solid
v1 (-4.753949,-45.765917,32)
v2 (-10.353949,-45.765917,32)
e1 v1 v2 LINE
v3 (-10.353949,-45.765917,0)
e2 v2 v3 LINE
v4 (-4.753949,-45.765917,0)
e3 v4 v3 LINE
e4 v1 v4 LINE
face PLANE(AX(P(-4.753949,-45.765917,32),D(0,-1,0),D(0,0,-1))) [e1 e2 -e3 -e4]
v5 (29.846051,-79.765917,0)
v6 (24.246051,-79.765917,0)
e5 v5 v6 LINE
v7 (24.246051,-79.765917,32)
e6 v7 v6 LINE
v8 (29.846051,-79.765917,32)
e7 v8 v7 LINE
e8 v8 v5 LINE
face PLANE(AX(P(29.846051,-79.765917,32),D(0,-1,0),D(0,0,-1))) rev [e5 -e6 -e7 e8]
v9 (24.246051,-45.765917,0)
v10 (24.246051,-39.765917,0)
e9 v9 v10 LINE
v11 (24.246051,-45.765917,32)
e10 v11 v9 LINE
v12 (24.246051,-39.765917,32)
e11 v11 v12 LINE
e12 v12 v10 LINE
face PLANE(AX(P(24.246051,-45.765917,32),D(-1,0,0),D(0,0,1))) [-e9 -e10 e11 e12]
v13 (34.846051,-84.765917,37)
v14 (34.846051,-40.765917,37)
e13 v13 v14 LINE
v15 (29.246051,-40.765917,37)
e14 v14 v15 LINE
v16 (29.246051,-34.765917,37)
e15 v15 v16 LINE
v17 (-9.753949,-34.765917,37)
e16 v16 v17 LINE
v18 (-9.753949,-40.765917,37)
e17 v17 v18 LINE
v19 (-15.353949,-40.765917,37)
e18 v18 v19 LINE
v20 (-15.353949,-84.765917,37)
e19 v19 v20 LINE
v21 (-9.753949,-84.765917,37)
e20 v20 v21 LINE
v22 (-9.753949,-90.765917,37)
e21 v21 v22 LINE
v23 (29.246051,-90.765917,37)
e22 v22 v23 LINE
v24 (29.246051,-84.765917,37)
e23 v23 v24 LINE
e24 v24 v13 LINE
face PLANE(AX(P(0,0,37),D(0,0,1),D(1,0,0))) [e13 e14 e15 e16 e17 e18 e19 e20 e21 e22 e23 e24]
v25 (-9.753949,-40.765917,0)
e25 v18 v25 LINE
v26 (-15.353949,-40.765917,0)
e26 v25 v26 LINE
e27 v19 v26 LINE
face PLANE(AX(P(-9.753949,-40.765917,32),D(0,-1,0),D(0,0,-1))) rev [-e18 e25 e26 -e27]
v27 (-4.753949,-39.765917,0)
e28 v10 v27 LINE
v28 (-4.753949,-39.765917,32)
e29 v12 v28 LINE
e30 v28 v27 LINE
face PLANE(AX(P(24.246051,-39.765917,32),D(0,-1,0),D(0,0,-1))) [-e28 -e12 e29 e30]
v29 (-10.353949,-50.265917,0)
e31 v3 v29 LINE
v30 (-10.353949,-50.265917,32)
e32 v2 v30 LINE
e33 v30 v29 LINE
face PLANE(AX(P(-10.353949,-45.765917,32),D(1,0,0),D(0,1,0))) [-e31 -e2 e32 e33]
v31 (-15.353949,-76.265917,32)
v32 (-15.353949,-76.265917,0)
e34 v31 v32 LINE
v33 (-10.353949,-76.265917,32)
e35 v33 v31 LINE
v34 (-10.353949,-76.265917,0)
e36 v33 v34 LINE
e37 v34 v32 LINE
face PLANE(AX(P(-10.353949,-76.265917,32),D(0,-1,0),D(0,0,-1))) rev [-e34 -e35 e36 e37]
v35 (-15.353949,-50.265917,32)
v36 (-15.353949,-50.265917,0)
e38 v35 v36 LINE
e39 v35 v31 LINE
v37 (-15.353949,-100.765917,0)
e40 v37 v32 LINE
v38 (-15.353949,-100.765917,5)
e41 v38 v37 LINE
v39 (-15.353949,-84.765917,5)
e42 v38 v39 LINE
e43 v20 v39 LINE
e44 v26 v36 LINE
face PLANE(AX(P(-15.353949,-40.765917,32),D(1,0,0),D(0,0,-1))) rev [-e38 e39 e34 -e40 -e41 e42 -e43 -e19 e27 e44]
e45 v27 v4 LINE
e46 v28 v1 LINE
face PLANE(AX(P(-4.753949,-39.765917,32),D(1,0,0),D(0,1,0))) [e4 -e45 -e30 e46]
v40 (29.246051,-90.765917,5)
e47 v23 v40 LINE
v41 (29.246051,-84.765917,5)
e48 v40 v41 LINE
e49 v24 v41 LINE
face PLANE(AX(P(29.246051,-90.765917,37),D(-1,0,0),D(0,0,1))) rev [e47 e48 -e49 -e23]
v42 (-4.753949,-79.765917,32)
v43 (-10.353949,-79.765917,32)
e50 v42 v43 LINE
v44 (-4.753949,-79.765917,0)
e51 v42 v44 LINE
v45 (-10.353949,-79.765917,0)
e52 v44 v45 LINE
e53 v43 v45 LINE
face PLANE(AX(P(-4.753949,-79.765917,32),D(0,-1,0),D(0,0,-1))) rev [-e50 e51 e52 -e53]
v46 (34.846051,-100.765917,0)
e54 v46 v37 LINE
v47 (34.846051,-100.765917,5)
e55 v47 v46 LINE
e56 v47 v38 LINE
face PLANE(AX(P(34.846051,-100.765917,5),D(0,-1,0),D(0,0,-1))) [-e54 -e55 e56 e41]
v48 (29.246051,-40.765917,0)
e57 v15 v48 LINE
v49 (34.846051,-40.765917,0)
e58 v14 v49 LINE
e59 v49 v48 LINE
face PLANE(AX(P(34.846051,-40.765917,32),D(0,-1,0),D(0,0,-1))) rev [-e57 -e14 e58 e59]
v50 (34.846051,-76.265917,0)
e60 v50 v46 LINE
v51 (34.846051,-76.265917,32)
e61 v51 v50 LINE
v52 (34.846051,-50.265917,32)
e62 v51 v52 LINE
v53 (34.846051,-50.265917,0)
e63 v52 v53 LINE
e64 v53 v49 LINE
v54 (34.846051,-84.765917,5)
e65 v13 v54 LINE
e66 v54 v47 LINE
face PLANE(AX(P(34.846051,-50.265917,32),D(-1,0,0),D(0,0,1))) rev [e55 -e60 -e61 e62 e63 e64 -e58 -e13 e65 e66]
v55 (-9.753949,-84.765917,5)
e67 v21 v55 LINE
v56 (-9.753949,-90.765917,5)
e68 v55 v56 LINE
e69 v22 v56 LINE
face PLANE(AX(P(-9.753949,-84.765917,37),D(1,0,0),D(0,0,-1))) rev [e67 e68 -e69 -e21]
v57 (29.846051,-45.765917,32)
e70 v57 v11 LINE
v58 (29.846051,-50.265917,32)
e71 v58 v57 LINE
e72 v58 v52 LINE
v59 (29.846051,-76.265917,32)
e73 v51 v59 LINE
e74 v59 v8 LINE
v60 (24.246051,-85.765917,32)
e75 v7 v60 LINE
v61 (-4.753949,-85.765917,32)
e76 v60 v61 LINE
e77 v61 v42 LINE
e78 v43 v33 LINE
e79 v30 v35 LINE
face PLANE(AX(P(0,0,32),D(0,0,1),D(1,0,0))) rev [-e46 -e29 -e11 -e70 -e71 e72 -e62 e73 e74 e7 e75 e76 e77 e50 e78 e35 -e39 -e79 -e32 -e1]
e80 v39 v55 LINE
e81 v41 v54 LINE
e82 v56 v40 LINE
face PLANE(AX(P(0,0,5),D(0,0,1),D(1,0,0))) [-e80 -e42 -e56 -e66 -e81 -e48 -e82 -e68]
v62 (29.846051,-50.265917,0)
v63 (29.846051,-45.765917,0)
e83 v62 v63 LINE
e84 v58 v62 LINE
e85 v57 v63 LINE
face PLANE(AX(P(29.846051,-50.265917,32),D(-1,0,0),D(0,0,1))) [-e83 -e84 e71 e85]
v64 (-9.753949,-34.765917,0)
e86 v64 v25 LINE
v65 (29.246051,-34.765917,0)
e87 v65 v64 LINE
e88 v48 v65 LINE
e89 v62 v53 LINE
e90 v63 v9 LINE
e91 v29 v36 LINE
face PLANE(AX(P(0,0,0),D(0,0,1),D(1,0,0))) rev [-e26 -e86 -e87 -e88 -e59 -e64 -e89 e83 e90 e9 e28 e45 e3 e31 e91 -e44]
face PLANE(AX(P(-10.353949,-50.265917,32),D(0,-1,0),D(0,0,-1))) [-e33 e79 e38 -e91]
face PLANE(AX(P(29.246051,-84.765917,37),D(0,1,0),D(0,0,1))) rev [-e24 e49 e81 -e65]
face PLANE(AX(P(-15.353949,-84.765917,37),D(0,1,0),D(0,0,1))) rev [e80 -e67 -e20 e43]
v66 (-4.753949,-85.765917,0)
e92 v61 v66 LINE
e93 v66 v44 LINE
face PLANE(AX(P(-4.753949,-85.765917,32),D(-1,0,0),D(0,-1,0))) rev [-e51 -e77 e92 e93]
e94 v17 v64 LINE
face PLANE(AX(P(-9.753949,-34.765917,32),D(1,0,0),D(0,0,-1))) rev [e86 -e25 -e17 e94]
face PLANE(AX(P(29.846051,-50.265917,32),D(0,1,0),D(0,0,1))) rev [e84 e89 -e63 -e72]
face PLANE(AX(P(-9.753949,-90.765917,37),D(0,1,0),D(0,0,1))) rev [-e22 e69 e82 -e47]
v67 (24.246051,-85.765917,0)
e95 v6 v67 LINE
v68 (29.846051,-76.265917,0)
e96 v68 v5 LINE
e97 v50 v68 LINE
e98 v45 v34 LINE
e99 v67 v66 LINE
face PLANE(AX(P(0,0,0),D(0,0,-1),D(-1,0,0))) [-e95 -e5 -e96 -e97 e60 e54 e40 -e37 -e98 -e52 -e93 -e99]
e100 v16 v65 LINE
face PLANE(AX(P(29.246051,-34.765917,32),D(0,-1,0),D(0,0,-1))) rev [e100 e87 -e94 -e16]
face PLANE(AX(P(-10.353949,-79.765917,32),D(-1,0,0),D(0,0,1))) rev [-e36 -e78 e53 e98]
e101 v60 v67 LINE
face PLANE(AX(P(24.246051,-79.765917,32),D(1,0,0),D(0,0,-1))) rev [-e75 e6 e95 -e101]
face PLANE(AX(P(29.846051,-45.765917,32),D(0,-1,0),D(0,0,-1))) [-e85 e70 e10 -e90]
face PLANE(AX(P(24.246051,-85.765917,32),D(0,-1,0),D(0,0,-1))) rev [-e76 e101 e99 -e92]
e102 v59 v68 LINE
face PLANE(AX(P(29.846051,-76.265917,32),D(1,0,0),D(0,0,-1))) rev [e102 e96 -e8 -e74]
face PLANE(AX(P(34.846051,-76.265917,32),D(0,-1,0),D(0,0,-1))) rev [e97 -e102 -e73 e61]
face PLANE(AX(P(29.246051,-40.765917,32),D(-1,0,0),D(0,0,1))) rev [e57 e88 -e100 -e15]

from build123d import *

# Parameters (mm, degrees)
BOSS_EXTRUDE1_DEPTH   = 32
BOSS_EXTRUDE1_2_DEPTH = 32
BOSS_EXTRUDE2_DEPTH   = 5
BOSS_EXTRUDE3_DEPTH   = 5


with BuildPart() as part:
    # Sketch1 → Boss-Extrude1 (new body)
    with BuildSketch(Plane(origin=(0, 0, 0), x_dir=(-1, 0, 0), z_dir=(0, 0, 1))):
        Polygon((-29.846050857, 76.265916966), (-29.846050857, 79.765916966), (-24.246050857, 79.765916966), (-24.246050857, 85.765916966), (4.753949143, 85.765916966), (4.753949143, 79.765916966), (10.353949143, 79.765916966), (10.353949143, 76.265916966), (15.353949143, 76.265916966), (15.353949143, 84.765916966), (9.753949143, 84.765916966), (9.753949143, 90.765916966), (-29.246050857, 90.765916966), (-29.246050857, 84.765916966), (-34.846050857, 84.765916966), (-34.846050857, 76.265916966), align=None)
    extrude(amount=BOSS_EXTRUDE1_DEPTH)



with BuildPart() as body_2:
    # Sketch1 → Boss-Extrude1 2 (new body)
    with BuildSketch(Plane(origin=(0, 0, 0), x_dir=(-1, 0, 0), z_dir=(0, 0, 1))):
        Polygon((-29.846050857, 50.265916966), (-29.846050857, 45.765916966), (-24.246050857, 45.765916966), (-24.246050857, 39.765916966), (4.753949143, 39.765916966), (4.753949143, 45.765916966), (10.353949143, 45.765916966), (10.353949143, 50.265916966), (15.353949143, 50.265916966), (15.353949143, 40.765916966), (9.753949143, 40.765916966), (9.753949143, 34.765916966), (-29.246050857, 34.765916966), (-29.246050857, 40.765916966), (-34.846050857, 40.765916966), (-34.846050857, 50.265916966), align=None)
    extrude(amount=BOSS_EXTRUDE1_2_DEPTH)


with BuildPart() as part_1:
    add(part.part)

    add(body_2.part)  # Boss-Extrude2 merges body 2
    # Sketch2 → Boss-Extrude2 (add)
    with BuildSketch(Plane.XY.offset(32)):
        Polygon((-9.753949143, -34.765916966), (-9.753949143, -40.765916966), (-15.353949143, -40.765916966), (-15.353949143, -84.765916966), (-9.753949143, -84.765916966), (-9.753949143, -90.765916966), (29.246050857, -90.765916966), (29.246050857, -84.765916966), (34.846050857, -84.765916966), (34.846050857, -40.765916966), (29.246050857, -40.765916966), (29.246050857, -34.765916966), align=None)
    extrude(amount=BOSS_EXTRUDE2_DEPTH)

    # Sketch4 → Boss-Extrude3 (add)
    with BuildSketch(Plane(origin=(0, 0, 0), x_dir=(-1, 0, 0), z_dir=(0, 0, -1))):
        Polygon((-34.846050857, -84.765916966), (-34.846050857, -100.765916966), (15.353949143, -100.765916966), (15.353949143, -84.765916966), (9.753949143, -84.765916966), (9.753949143, -90.765916966), (-29.246050857, -90.765916966), (-29.246050857, -84.765916966), align=None)
    extrude(amount=-BOSS_EXTRUDE3_DEPTH)


solid = part_1.part
